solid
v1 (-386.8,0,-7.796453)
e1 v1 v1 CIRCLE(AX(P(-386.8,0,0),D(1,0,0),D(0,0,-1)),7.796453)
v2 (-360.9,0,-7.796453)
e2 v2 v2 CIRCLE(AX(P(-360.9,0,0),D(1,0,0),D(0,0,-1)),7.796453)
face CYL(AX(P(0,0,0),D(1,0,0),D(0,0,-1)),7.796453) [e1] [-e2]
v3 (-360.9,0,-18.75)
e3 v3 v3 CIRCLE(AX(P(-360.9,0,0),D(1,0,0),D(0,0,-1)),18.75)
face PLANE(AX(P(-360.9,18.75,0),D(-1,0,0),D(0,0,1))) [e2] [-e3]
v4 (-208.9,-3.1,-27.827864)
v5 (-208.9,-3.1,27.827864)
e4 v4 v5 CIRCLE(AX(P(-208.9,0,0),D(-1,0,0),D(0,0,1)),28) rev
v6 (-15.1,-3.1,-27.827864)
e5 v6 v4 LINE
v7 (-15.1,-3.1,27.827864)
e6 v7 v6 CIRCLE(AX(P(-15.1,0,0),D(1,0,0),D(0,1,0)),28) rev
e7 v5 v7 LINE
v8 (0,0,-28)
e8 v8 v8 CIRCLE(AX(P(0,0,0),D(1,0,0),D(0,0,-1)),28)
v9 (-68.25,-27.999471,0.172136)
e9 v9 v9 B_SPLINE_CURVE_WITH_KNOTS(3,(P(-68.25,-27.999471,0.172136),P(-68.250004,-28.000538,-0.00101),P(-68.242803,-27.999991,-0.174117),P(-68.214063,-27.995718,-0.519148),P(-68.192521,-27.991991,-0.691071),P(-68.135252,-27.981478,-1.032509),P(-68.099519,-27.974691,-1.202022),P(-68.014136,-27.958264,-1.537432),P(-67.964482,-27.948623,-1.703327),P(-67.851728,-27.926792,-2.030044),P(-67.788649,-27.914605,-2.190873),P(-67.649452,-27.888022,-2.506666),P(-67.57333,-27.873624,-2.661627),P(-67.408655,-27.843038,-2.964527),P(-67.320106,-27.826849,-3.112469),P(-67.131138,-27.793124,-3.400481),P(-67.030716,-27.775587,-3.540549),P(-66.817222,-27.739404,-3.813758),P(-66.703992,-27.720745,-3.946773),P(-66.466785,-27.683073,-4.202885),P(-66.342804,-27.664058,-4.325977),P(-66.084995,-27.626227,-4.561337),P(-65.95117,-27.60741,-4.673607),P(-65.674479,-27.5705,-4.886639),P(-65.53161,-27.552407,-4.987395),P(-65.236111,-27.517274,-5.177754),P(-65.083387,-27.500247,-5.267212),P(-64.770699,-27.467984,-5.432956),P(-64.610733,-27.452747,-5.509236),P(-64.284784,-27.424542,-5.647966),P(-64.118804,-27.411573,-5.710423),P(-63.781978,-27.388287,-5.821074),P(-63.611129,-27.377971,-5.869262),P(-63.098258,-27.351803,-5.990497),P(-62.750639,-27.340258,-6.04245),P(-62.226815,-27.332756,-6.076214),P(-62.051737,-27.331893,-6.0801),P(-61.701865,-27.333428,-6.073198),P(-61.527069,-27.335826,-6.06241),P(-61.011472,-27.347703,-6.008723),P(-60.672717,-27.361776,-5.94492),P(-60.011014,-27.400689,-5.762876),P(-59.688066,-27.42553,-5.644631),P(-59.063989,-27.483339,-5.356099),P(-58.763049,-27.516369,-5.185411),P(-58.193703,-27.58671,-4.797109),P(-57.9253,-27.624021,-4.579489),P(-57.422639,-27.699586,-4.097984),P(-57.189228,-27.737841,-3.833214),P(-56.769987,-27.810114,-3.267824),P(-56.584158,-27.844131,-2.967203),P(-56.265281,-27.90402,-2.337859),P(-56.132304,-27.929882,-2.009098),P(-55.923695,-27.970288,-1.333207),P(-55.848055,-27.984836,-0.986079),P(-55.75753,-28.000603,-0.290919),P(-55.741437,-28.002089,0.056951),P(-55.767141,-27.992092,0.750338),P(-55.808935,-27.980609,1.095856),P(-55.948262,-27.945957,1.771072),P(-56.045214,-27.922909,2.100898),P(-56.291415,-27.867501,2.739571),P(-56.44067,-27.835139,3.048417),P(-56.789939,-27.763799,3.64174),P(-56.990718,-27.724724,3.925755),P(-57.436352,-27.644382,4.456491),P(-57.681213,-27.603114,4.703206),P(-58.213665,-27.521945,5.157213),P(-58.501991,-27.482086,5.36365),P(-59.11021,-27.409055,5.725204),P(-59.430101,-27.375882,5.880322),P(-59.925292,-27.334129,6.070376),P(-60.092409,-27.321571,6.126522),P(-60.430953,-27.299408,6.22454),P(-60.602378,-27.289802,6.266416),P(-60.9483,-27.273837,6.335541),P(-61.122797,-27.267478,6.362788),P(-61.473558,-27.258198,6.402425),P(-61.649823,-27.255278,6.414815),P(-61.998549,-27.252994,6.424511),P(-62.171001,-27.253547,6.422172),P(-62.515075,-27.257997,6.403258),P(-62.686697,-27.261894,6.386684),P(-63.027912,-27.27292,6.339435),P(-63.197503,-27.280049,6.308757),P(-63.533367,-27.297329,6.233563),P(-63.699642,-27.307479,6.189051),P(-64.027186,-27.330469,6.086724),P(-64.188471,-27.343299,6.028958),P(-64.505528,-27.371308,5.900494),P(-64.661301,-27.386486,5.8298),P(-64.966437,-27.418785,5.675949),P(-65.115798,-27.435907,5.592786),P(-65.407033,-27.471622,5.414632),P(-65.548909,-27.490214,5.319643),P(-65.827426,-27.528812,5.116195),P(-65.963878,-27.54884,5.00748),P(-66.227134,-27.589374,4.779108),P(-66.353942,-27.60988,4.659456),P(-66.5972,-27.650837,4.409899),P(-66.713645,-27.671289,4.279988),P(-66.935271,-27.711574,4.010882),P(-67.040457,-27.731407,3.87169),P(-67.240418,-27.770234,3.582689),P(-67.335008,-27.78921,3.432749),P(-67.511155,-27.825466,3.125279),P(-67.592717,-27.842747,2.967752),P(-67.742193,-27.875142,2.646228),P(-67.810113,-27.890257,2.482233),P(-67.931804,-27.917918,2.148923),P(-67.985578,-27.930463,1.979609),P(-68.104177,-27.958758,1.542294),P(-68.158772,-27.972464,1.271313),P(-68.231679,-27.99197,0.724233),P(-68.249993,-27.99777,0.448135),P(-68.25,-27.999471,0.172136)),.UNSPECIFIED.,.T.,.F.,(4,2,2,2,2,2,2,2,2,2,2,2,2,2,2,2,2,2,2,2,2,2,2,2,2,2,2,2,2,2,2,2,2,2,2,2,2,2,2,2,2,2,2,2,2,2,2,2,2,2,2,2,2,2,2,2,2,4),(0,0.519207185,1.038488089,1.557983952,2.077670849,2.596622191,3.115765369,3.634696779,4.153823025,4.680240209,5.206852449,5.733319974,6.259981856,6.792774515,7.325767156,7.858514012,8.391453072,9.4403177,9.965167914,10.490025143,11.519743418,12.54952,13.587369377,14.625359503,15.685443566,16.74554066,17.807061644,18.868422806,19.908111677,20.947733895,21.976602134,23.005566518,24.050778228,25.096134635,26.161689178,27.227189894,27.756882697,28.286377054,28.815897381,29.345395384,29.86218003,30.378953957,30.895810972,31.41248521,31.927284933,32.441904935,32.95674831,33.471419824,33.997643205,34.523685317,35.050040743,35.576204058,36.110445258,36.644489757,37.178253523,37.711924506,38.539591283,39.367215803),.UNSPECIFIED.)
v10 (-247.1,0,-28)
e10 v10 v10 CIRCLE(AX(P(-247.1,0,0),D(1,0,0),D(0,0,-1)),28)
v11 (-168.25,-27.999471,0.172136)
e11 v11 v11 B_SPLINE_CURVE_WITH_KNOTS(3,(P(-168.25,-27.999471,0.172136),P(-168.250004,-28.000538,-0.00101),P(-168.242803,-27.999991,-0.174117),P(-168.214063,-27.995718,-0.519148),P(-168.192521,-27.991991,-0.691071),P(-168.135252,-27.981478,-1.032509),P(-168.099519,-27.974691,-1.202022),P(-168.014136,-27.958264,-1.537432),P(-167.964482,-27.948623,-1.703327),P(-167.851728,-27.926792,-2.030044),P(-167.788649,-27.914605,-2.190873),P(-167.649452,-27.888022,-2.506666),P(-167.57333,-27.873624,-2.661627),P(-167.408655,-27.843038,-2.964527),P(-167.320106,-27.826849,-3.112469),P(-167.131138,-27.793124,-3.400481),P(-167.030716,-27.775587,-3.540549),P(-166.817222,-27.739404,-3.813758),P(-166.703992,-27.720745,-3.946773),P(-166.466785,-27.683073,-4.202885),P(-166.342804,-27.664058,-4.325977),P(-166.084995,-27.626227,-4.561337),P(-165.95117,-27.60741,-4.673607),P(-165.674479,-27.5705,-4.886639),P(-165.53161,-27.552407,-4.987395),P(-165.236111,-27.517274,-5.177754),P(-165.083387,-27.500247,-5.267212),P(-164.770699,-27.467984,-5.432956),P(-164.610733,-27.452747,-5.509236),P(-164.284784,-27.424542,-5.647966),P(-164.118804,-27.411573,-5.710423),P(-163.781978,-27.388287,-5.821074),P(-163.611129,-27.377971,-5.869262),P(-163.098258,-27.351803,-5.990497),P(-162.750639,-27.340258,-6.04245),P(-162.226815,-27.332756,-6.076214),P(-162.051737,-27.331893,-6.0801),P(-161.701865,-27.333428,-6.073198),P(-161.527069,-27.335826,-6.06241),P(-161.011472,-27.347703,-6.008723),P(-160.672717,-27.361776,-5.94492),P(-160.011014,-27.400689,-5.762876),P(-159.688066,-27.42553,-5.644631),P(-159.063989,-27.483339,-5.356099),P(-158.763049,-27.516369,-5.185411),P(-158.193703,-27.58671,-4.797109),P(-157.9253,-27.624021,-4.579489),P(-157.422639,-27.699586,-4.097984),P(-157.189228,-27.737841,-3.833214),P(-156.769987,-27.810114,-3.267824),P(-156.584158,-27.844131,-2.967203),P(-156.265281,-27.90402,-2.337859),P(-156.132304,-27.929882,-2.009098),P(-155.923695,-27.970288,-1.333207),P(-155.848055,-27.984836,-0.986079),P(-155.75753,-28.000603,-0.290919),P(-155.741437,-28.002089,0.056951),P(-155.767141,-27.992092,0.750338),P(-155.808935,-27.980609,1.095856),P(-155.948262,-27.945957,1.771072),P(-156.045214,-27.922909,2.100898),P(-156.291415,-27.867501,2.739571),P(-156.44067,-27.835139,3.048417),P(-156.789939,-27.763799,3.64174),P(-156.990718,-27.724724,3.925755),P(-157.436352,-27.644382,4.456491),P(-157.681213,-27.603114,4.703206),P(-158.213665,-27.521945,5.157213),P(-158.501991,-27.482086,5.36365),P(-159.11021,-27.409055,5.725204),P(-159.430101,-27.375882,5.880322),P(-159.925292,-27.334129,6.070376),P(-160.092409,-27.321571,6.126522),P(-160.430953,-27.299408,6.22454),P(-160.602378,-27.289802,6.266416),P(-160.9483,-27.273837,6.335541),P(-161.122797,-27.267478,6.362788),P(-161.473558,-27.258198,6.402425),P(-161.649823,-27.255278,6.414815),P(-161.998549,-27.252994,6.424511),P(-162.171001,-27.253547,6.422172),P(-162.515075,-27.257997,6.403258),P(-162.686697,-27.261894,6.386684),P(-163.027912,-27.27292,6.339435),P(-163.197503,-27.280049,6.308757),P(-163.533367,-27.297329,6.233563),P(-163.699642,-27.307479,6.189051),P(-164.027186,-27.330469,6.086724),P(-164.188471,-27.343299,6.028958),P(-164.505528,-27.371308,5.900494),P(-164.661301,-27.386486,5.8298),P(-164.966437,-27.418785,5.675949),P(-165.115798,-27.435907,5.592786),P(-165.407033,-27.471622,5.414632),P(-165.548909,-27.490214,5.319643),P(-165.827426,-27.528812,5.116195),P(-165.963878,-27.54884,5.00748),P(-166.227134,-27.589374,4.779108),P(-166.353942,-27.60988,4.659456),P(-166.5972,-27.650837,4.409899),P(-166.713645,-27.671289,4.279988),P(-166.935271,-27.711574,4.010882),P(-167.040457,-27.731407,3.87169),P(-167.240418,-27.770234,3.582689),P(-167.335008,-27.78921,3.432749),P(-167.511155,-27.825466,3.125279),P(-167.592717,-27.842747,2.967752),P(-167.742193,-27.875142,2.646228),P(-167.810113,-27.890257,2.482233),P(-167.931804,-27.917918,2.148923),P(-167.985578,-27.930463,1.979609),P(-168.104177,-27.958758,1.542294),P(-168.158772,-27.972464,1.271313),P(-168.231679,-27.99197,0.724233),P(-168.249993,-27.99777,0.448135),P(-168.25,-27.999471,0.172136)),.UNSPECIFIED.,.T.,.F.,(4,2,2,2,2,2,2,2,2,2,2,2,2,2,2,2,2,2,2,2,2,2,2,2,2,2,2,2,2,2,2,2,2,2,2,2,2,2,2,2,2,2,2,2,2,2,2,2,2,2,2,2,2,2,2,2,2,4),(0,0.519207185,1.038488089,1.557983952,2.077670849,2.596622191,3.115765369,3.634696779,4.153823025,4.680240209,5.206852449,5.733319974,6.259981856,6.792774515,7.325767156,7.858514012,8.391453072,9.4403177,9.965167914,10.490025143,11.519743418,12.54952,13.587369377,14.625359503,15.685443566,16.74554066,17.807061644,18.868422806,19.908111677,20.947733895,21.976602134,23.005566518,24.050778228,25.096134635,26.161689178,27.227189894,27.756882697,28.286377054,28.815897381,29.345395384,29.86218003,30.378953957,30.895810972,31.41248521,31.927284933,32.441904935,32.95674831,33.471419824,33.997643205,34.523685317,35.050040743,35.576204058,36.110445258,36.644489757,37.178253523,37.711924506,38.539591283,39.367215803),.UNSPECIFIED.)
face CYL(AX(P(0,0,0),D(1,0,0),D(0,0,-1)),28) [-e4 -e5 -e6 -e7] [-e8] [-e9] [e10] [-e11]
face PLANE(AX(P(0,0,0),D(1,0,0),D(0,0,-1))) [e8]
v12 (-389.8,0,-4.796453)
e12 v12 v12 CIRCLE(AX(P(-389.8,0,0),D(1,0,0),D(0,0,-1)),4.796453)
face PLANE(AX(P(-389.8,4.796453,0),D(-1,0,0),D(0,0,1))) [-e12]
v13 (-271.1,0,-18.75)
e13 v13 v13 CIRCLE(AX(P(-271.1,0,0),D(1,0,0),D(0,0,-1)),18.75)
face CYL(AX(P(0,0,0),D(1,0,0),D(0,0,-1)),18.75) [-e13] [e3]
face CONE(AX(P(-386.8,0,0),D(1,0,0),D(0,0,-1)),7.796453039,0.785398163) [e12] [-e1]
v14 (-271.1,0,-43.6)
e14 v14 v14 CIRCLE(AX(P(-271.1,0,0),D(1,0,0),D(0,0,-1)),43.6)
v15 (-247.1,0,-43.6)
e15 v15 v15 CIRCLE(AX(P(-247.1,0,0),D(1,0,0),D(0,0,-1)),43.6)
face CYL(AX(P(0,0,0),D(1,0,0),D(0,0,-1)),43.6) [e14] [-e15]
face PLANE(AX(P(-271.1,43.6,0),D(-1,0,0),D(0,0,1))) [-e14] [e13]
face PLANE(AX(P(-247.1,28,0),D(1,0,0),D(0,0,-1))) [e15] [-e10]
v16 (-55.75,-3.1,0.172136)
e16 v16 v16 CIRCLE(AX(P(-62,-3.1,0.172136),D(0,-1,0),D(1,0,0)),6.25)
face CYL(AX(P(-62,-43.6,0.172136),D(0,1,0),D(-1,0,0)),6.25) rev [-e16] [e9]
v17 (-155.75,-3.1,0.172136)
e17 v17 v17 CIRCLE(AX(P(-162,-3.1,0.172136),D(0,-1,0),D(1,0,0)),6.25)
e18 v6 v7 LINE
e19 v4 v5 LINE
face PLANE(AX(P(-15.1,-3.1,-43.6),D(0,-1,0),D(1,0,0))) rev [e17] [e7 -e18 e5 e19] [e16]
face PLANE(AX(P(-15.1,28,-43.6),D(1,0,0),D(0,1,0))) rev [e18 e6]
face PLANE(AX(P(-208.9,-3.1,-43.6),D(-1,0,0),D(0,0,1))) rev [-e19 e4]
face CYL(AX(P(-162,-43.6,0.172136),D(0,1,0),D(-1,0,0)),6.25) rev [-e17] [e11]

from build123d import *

# Parameters (mm, degrees)
CUT_EXTRUDE1_DEPTH      = 395.646626743
CUT_EXTRUDE1_DEPTH_BACK = 395.646626743
SKETCH2_W               = 193.8
SKETCH2_H               = 31.1
CUT_EXTRUDE2_DEPTH      = 396.001126581
CUT_EXTRUDE2_DEPTH_BACK = 396.001126581
SKETCH3_R               = 6.25


with BuildPart() as part:
    # Sketch1 → Revolve1 (revolve)
    with BuildSketch(Plane.XY, mode=Mode.PRIVATE) as revolve1_sk:
        Polygon((0, 0), (0, 28), (-247.1, 28), (-247.1, 43.6), (-271.1, 43.6), (-271.1, 18.75), (-360.9, 18.75), (-360.9, 7.796453039), (-386.8, 7.796453039), (-389.8, 4.796453039), (-389.8, 0), align=None)
    revolve(revolve1_sk.sketch.rotate(Axis((0, 0, 0), (-1, 0, 0)), 90), axis=Axis((0, 0, 0), (-1, 0, 0)))

    # Sketch2 → Cut-Extrude1 (cut, two sides: drawn at the far end of the back side and taken through both)
    with BuildSketch(Plane.XY.offset(-CUT_EXTRUDE1_DEPTH_BACK)):
        with Locations((-112, 12.45)):
            Rectangle(SKETCH2_W, SKETCH2_H)
    extrude(amount=CUT_EXTRUDE1_DEPTH + CUT_EXTRUDE1_DEPTH_BACK, mode=Mode.SUBTRACT)

    # Sketch3 → Cut-Extrude2 (cut, two sides: drawn at the far end of the back side and taken through both)
    with BuildSketch(Plane(origin=(0, -3.1, 0), x_dir=(1, 0, 0), z_dir=(0, 1, 0)).offset(-CUT_EXTRUDE2_DEPTH_BACK)):
        with Locations(Location((-162, -0.172136266, 0), (0, 0, 180))):
            Circle(SKETCH3_R)
        with Locations(Location((-62, -0.172136266, 0), (0, 0, 180))):
            Circle(SKETCH3_R)
    extrude(amount=CUT_EXTRUDE2_DEPTH + CUT_EXTRUDE2_DEPTH_BACK, mode=Mode.SUBTRACT)


solid = part.part
